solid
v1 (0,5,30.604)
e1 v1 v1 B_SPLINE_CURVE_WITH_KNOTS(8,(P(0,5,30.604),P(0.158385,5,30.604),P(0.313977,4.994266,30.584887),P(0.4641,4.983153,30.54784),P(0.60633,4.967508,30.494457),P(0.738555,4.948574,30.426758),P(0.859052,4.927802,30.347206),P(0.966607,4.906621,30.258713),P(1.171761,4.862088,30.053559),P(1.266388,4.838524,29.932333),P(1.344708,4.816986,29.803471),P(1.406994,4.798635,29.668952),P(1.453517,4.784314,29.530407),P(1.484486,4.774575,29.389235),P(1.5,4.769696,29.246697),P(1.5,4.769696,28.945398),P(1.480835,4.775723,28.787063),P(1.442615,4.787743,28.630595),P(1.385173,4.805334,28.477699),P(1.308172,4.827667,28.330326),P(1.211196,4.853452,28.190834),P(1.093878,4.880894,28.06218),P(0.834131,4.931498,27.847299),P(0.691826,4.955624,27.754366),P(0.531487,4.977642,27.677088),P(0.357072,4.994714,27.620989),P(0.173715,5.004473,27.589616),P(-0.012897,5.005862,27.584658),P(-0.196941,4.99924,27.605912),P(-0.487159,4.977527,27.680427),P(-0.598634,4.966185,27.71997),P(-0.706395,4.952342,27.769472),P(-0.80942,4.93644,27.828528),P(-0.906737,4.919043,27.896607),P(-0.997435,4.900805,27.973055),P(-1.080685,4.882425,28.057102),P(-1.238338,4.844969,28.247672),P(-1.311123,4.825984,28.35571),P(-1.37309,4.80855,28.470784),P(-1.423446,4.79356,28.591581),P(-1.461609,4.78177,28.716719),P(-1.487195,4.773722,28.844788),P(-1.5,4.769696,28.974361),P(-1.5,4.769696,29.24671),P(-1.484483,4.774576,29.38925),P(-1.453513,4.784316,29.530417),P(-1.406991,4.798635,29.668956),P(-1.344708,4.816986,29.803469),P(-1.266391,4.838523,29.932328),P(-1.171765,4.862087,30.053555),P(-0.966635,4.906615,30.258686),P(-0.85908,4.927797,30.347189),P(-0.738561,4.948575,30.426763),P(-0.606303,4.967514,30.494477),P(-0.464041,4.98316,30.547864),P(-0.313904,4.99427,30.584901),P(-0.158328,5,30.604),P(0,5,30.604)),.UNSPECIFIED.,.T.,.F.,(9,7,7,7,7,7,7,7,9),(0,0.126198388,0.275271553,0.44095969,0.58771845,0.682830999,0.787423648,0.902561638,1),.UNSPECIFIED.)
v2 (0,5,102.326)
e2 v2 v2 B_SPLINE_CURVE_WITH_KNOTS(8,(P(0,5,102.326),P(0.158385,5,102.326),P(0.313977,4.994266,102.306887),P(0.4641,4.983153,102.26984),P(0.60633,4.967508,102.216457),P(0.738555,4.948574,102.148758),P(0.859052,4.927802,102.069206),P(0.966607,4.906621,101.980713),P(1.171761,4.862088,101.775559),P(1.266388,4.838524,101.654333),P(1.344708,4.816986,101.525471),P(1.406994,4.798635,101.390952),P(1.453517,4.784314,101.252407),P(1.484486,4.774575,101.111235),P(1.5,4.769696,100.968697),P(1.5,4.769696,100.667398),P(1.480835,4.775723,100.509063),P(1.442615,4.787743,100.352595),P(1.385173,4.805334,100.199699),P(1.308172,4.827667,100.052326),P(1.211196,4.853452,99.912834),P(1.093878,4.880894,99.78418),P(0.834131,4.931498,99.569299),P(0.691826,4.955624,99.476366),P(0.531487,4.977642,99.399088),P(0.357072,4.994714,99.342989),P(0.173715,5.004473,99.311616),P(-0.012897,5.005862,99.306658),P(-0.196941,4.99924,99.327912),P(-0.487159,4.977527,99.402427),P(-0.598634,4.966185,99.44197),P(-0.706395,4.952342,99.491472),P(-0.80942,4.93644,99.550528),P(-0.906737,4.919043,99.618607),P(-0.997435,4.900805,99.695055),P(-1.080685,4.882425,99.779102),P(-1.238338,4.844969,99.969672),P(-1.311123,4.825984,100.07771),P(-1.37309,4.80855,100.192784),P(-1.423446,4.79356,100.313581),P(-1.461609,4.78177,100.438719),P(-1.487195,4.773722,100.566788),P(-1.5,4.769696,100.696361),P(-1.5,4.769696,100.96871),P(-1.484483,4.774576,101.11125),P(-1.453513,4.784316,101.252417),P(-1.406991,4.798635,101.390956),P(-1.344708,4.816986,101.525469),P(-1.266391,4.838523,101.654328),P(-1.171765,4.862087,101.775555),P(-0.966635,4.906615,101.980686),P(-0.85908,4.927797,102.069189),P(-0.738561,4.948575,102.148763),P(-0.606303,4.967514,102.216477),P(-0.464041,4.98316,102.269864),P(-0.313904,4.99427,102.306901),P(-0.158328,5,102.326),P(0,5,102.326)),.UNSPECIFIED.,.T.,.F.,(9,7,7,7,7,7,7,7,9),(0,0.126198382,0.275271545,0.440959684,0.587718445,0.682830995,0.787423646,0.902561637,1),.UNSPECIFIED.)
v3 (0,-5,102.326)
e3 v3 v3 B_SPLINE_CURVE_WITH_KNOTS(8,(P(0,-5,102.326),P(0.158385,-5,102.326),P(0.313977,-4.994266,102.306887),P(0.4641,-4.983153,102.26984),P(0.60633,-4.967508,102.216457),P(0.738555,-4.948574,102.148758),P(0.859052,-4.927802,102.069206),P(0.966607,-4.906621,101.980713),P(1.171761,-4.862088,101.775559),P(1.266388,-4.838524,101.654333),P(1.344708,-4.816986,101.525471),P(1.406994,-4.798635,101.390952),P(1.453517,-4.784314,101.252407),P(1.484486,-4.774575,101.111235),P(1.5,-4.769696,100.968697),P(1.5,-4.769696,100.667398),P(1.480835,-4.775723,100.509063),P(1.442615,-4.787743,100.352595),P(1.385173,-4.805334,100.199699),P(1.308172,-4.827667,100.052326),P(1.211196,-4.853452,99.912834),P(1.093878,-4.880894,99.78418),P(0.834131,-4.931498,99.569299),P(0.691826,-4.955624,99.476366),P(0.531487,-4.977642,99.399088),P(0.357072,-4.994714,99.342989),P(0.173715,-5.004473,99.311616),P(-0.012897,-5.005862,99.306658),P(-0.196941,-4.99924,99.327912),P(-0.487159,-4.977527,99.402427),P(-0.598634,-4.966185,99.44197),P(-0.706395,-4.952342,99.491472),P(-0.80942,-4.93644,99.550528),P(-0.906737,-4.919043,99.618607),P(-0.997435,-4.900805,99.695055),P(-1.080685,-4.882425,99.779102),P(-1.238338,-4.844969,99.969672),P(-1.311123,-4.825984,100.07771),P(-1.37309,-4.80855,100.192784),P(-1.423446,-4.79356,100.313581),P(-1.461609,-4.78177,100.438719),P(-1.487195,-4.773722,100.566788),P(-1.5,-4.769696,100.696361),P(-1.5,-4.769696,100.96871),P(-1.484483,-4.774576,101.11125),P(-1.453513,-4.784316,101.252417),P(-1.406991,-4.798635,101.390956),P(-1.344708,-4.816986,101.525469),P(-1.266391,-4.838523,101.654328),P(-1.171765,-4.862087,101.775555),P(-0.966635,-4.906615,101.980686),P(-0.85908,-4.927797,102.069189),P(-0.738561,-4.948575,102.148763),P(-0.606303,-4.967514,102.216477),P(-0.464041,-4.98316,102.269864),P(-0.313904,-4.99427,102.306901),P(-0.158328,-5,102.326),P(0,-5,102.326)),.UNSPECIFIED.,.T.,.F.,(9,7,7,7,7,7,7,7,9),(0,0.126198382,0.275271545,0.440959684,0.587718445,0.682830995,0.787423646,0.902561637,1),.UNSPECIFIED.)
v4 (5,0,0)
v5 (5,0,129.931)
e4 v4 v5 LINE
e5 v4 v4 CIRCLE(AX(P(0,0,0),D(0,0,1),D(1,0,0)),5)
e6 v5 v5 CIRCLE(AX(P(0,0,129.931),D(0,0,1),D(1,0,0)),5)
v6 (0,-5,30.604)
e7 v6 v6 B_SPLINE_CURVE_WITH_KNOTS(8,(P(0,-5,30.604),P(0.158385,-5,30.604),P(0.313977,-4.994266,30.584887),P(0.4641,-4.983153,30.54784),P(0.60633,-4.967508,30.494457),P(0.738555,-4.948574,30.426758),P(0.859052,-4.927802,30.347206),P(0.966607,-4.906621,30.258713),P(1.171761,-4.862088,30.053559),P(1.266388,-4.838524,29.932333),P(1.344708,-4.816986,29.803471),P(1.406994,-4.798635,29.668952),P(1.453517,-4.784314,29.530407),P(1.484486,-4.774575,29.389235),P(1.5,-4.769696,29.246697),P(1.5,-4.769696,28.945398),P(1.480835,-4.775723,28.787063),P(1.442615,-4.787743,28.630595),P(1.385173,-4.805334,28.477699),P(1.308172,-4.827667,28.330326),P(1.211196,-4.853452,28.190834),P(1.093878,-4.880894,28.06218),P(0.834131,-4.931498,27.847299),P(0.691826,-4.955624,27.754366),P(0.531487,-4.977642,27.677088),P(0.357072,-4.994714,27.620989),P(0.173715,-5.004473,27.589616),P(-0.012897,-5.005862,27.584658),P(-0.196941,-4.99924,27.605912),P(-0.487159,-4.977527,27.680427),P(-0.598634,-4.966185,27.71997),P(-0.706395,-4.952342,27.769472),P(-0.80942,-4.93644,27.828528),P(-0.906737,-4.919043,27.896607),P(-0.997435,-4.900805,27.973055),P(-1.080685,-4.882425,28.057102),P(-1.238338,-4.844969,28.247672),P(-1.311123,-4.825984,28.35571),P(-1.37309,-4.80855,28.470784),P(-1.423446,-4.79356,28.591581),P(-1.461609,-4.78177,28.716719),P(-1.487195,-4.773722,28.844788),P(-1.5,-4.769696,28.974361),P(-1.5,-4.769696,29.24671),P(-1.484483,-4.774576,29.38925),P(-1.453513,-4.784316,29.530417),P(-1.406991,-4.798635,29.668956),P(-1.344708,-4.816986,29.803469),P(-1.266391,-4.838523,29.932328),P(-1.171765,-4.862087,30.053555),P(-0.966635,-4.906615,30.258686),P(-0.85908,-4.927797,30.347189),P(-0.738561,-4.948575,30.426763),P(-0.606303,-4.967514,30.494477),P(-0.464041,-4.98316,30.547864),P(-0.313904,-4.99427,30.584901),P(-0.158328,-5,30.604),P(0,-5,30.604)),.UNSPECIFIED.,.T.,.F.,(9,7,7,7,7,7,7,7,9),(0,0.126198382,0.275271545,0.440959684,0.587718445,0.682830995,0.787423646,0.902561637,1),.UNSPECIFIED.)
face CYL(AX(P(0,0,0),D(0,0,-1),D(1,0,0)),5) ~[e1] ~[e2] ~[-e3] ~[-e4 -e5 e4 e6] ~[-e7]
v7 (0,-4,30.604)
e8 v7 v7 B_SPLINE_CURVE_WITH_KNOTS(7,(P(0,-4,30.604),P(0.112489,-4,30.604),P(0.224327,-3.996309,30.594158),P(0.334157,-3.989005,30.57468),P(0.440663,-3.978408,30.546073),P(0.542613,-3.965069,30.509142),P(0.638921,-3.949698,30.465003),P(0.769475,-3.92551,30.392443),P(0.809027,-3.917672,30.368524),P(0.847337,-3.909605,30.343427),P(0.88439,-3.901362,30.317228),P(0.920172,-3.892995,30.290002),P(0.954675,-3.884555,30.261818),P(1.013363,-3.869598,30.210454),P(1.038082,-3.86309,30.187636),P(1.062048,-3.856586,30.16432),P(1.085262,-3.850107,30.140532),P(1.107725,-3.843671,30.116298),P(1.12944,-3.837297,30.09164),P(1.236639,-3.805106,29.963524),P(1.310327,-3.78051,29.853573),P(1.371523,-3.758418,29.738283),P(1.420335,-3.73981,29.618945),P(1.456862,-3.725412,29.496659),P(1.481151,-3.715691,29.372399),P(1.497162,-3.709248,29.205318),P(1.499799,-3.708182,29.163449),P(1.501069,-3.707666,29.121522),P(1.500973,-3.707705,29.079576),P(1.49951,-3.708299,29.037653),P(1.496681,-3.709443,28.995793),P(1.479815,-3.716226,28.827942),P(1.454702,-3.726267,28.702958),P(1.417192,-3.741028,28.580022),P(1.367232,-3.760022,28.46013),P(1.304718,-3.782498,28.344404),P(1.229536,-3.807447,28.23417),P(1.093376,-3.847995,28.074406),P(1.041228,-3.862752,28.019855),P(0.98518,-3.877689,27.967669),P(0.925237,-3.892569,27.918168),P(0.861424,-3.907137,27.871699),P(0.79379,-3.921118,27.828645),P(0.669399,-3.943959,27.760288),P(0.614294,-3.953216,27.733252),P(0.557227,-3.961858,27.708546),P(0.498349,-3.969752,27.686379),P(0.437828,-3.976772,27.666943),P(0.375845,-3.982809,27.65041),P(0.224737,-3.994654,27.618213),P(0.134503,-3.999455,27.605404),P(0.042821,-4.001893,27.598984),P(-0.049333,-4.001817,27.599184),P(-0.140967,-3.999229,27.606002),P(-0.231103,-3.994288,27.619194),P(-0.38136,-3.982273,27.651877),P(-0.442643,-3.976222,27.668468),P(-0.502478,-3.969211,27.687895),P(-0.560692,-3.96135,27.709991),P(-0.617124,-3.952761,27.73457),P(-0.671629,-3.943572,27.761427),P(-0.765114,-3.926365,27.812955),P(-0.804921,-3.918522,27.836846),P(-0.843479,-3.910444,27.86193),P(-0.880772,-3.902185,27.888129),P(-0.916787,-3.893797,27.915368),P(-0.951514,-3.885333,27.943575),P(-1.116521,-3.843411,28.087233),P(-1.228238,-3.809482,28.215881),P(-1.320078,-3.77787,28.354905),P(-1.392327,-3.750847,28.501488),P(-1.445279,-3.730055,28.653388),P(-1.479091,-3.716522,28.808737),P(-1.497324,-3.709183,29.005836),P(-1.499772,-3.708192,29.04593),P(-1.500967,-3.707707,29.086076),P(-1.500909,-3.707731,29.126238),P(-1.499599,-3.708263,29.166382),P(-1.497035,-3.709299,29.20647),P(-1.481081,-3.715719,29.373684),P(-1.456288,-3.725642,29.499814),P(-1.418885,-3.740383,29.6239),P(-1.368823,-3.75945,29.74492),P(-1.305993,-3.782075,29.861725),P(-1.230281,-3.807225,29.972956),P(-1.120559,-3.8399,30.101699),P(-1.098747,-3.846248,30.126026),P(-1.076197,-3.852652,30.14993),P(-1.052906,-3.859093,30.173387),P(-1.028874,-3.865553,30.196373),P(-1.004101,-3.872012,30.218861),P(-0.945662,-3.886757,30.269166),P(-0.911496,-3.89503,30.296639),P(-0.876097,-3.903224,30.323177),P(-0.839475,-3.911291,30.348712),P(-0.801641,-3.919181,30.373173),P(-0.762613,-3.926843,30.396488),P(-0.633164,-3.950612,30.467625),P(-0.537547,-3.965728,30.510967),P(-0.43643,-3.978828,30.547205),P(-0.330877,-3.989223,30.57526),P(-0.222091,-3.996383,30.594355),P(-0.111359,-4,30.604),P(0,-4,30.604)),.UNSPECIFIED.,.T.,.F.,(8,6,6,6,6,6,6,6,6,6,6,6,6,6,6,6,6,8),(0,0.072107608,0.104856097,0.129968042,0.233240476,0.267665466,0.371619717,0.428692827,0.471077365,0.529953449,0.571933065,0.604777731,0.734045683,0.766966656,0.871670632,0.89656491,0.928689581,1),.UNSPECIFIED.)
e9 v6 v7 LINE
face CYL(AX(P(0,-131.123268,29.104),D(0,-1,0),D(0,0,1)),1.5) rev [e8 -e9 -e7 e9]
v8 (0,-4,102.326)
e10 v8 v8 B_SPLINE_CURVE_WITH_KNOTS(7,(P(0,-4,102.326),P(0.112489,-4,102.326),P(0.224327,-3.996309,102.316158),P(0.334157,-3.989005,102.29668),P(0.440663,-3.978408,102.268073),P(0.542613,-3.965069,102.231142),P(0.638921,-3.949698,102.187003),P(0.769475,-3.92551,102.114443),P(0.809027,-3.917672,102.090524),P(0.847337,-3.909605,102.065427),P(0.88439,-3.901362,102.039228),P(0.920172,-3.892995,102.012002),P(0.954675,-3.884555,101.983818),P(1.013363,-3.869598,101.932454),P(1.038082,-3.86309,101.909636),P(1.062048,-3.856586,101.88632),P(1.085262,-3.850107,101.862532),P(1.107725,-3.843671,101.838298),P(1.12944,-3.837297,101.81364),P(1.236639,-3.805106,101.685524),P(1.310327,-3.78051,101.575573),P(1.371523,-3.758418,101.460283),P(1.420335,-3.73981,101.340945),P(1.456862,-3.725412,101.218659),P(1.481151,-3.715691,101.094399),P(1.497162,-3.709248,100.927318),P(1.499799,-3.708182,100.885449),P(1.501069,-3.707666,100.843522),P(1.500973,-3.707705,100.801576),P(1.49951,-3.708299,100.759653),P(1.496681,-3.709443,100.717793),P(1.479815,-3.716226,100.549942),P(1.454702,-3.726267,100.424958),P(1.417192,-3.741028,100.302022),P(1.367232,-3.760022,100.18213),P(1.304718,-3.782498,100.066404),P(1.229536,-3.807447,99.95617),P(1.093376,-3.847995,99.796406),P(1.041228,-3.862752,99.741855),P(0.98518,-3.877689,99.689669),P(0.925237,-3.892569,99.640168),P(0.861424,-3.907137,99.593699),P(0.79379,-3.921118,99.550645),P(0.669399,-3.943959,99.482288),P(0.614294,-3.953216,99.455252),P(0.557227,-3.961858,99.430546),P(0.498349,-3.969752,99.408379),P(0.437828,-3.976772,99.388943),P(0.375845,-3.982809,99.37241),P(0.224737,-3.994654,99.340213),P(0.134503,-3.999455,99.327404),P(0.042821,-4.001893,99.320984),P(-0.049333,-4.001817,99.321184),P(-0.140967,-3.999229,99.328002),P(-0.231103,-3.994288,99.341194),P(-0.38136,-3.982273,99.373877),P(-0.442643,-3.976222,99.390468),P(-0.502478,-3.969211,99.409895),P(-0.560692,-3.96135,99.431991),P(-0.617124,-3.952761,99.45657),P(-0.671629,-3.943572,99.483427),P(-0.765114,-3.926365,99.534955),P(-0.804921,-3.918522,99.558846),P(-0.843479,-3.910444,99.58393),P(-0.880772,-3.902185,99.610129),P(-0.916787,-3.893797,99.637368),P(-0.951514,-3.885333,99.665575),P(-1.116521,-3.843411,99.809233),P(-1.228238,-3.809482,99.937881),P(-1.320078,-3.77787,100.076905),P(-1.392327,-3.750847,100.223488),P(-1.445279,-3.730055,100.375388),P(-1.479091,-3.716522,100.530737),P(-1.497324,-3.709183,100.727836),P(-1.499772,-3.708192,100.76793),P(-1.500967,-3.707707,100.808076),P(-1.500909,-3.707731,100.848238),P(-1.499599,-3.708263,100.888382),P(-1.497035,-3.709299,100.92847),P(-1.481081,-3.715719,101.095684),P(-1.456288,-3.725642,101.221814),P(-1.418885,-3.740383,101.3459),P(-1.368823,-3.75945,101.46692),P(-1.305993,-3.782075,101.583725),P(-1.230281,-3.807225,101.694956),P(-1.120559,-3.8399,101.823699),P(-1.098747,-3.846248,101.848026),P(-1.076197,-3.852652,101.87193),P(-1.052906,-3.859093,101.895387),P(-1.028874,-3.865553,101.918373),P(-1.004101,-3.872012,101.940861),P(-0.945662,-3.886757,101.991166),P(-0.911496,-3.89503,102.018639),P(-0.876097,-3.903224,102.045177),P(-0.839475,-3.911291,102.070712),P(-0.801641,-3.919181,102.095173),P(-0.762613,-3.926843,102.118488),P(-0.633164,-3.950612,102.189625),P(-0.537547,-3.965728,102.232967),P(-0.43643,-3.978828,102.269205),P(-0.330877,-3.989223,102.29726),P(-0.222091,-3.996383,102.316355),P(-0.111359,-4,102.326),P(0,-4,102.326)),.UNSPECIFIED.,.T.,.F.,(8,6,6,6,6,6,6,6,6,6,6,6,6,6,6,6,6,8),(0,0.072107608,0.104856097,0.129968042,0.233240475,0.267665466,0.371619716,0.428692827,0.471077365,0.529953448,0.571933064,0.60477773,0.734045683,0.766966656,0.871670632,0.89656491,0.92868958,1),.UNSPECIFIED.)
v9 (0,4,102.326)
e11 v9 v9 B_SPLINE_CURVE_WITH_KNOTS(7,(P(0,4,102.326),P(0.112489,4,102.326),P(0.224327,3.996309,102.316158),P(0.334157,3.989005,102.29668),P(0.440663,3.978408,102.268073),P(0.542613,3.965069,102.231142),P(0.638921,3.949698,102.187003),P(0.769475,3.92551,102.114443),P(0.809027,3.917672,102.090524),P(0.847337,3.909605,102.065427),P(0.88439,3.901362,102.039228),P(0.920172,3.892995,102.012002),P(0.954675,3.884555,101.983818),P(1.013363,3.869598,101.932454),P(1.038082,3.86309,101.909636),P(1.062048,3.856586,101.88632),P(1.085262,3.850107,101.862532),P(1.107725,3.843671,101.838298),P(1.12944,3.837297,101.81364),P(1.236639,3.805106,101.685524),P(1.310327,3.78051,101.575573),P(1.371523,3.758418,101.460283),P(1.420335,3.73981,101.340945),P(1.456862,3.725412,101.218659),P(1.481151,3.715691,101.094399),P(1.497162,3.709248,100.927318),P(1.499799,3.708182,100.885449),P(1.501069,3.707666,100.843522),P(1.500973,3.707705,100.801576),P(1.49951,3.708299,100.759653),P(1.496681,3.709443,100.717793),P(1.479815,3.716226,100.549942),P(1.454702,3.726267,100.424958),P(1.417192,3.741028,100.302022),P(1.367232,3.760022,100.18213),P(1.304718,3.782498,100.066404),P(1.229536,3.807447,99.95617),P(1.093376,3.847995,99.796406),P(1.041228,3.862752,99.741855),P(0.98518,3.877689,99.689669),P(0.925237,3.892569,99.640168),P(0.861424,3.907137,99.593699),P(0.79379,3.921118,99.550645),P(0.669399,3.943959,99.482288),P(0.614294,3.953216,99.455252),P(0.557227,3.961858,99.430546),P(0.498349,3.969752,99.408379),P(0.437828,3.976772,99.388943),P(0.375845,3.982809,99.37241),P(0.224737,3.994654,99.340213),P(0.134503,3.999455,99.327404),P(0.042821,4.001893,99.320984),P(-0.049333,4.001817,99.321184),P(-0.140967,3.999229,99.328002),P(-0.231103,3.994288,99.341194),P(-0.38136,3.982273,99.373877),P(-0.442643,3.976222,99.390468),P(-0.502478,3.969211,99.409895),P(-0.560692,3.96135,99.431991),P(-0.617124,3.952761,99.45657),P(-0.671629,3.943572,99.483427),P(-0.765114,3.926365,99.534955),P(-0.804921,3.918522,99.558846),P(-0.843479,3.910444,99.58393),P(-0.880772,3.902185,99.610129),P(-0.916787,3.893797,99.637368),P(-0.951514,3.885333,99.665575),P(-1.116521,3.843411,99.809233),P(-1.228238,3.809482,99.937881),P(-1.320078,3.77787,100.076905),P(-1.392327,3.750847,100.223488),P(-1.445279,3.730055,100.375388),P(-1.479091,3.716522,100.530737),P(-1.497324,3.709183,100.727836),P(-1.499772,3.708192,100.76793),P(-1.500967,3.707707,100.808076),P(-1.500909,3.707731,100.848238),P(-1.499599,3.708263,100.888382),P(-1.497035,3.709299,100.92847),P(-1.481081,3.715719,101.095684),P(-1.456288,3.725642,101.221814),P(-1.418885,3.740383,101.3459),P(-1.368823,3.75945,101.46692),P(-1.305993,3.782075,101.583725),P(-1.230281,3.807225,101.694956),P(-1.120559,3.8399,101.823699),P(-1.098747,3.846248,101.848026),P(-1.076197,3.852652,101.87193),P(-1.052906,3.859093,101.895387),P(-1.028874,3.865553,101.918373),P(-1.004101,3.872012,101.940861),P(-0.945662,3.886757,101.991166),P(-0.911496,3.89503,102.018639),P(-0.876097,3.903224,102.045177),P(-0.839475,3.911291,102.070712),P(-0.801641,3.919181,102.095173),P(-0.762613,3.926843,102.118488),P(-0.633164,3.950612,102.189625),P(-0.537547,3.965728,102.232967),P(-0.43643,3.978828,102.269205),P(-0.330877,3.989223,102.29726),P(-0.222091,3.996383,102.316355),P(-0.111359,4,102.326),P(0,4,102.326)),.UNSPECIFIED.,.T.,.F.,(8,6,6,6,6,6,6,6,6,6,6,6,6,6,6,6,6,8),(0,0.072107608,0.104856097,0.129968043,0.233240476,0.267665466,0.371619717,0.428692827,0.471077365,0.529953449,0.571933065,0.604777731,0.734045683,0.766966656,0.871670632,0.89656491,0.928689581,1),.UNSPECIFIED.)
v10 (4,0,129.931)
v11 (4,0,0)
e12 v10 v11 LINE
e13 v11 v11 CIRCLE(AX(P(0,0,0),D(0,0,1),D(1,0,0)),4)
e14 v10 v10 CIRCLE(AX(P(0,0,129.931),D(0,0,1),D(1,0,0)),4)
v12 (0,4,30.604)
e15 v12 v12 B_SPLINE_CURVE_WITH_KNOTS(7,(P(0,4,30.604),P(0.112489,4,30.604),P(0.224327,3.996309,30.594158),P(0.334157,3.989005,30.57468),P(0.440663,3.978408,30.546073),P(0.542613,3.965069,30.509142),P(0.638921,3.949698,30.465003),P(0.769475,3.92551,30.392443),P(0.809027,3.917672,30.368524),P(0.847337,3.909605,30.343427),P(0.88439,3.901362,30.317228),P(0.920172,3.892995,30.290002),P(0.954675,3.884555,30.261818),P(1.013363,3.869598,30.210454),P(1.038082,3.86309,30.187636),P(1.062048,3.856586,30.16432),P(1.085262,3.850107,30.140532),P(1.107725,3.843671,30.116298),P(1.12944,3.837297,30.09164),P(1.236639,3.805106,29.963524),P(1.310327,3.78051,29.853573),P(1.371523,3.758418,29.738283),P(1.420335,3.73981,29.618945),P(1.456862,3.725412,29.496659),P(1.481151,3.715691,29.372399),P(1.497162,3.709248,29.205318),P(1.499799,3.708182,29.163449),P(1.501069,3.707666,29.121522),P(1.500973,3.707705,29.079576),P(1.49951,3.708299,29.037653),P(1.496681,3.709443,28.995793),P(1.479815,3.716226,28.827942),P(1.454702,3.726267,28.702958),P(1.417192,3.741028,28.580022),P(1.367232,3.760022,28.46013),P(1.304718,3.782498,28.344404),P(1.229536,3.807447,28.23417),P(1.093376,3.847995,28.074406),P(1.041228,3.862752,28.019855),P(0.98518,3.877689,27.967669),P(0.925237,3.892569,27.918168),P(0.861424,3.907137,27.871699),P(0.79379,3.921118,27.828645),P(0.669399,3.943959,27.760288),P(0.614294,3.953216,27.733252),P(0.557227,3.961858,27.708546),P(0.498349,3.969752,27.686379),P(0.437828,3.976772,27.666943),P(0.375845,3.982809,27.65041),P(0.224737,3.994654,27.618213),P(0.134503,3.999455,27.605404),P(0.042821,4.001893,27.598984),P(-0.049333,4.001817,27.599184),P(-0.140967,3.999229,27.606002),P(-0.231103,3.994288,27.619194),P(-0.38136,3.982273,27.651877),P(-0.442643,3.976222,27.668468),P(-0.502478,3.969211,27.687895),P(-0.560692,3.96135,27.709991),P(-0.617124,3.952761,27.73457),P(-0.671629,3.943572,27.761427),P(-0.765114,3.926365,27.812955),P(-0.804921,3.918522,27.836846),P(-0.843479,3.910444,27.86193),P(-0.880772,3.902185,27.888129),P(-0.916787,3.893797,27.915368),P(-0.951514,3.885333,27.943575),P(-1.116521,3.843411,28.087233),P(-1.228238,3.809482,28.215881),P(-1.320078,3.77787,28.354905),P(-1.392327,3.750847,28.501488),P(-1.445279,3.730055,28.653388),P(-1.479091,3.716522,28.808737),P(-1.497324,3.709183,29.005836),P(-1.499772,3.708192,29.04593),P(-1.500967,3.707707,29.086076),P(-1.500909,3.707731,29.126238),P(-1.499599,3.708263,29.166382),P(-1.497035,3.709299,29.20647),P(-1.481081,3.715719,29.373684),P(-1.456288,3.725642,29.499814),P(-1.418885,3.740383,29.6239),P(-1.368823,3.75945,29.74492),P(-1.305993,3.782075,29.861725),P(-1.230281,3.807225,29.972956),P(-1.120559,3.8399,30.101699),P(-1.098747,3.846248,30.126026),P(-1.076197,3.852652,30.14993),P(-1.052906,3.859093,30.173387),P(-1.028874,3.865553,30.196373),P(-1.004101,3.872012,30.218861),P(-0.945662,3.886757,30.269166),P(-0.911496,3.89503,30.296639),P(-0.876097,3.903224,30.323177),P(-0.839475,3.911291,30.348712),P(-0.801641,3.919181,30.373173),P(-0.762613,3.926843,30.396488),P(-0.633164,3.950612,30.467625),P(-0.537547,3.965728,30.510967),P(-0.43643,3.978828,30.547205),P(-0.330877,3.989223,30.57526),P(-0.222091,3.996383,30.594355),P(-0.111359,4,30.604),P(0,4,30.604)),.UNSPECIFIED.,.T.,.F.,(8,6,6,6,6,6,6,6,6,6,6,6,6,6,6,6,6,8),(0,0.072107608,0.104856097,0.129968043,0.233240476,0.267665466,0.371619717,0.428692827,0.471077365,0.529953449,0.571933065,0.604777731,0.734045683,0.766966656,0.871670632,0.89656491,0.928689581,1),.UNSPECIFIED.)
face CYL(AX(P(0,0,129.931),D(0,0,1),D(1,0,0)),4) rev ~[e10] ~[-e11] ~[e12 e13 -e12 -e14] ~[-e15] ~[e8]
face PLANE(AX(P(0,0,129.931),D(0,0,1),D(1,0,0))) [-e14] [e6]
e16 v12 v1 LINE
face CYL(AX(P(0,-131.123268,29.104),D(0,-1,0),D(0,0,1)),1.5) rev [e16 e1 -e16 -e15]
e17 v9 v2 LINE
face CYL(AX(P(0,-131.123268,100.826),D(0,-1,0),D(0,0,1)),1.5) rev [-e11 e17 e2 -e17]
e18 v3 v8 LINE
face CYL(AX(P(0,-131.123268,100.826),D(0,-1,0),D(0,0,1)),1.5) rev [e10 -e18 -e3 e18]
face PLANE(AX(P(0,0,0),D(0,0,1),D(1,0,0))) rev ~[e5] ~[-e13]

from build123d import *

# Parameters (mm, degrees)
SKETCH1_R               = 5
BOSS_EXTRUDE1_DEPTH     = 129.931
CUT_EXTRUDE1_REACH      = 132.123
SKETCH2_R               = 4
CUT_EXTRUDE2_DEPTH      = 131.123267562
CUT_EXTRUDE2_DEPTH_BACK = 131.123267562
SKETCH5_R               = 1.5


with BuildPart() as part:
    # Sketch1 → Boss-Extrude1 (new body)
    with BuildSketch(Plane.XY):
        Circle(SKETCH1_R)
    extrude(amount=BOSS_EXTRUDE1_DEPTH)

    # Sketch2 → Cut-Extrude1 (cut, up to next)
    with BuildSketch(Plane.XY.offset(129.931), mode=Mode.PRIVATE) as cut_extrude1_sk1:
        Circle(SKETCH2_R)
    cut_extrude1_tool1 = extrude(cut_extrude1_sk1.sketch, amount=-CUT_EXTRUDE1_REACH, mode=Mode.PRIVATE) & part.part
    add(cut_extrude1_tool1.solids().sort_by_distance((0, 0, 129.931))[0], mode=Mode.SUBTRACT)

    # Sketch5 → Cut-Extrude2 (cut, two sides: drawn at the far end of the back side and taken through both)
    with BuildSketch(Plane(origin=(0, 0, 0), x_dir=(1, 0, 0), z_dir=(0, 1, 0)).offset(-CUT_EXTRUDE2_DEPTH_BACK)):
        with Locations(Location((0, -29.104, 0), (0, 0, 270))):
            Circle(SKETCH5_R)
        with Locations(Location((0, -100.826, 0), (0, 0, 270))):
            Circle(SKETCH5_R)
    extrude(amount=CUT_EXTRUDE2_DEPTH + CUT_EXTRUDE2_DEPTH_BACK, mode=Mode.SUBTRACT)


solid = part.part
